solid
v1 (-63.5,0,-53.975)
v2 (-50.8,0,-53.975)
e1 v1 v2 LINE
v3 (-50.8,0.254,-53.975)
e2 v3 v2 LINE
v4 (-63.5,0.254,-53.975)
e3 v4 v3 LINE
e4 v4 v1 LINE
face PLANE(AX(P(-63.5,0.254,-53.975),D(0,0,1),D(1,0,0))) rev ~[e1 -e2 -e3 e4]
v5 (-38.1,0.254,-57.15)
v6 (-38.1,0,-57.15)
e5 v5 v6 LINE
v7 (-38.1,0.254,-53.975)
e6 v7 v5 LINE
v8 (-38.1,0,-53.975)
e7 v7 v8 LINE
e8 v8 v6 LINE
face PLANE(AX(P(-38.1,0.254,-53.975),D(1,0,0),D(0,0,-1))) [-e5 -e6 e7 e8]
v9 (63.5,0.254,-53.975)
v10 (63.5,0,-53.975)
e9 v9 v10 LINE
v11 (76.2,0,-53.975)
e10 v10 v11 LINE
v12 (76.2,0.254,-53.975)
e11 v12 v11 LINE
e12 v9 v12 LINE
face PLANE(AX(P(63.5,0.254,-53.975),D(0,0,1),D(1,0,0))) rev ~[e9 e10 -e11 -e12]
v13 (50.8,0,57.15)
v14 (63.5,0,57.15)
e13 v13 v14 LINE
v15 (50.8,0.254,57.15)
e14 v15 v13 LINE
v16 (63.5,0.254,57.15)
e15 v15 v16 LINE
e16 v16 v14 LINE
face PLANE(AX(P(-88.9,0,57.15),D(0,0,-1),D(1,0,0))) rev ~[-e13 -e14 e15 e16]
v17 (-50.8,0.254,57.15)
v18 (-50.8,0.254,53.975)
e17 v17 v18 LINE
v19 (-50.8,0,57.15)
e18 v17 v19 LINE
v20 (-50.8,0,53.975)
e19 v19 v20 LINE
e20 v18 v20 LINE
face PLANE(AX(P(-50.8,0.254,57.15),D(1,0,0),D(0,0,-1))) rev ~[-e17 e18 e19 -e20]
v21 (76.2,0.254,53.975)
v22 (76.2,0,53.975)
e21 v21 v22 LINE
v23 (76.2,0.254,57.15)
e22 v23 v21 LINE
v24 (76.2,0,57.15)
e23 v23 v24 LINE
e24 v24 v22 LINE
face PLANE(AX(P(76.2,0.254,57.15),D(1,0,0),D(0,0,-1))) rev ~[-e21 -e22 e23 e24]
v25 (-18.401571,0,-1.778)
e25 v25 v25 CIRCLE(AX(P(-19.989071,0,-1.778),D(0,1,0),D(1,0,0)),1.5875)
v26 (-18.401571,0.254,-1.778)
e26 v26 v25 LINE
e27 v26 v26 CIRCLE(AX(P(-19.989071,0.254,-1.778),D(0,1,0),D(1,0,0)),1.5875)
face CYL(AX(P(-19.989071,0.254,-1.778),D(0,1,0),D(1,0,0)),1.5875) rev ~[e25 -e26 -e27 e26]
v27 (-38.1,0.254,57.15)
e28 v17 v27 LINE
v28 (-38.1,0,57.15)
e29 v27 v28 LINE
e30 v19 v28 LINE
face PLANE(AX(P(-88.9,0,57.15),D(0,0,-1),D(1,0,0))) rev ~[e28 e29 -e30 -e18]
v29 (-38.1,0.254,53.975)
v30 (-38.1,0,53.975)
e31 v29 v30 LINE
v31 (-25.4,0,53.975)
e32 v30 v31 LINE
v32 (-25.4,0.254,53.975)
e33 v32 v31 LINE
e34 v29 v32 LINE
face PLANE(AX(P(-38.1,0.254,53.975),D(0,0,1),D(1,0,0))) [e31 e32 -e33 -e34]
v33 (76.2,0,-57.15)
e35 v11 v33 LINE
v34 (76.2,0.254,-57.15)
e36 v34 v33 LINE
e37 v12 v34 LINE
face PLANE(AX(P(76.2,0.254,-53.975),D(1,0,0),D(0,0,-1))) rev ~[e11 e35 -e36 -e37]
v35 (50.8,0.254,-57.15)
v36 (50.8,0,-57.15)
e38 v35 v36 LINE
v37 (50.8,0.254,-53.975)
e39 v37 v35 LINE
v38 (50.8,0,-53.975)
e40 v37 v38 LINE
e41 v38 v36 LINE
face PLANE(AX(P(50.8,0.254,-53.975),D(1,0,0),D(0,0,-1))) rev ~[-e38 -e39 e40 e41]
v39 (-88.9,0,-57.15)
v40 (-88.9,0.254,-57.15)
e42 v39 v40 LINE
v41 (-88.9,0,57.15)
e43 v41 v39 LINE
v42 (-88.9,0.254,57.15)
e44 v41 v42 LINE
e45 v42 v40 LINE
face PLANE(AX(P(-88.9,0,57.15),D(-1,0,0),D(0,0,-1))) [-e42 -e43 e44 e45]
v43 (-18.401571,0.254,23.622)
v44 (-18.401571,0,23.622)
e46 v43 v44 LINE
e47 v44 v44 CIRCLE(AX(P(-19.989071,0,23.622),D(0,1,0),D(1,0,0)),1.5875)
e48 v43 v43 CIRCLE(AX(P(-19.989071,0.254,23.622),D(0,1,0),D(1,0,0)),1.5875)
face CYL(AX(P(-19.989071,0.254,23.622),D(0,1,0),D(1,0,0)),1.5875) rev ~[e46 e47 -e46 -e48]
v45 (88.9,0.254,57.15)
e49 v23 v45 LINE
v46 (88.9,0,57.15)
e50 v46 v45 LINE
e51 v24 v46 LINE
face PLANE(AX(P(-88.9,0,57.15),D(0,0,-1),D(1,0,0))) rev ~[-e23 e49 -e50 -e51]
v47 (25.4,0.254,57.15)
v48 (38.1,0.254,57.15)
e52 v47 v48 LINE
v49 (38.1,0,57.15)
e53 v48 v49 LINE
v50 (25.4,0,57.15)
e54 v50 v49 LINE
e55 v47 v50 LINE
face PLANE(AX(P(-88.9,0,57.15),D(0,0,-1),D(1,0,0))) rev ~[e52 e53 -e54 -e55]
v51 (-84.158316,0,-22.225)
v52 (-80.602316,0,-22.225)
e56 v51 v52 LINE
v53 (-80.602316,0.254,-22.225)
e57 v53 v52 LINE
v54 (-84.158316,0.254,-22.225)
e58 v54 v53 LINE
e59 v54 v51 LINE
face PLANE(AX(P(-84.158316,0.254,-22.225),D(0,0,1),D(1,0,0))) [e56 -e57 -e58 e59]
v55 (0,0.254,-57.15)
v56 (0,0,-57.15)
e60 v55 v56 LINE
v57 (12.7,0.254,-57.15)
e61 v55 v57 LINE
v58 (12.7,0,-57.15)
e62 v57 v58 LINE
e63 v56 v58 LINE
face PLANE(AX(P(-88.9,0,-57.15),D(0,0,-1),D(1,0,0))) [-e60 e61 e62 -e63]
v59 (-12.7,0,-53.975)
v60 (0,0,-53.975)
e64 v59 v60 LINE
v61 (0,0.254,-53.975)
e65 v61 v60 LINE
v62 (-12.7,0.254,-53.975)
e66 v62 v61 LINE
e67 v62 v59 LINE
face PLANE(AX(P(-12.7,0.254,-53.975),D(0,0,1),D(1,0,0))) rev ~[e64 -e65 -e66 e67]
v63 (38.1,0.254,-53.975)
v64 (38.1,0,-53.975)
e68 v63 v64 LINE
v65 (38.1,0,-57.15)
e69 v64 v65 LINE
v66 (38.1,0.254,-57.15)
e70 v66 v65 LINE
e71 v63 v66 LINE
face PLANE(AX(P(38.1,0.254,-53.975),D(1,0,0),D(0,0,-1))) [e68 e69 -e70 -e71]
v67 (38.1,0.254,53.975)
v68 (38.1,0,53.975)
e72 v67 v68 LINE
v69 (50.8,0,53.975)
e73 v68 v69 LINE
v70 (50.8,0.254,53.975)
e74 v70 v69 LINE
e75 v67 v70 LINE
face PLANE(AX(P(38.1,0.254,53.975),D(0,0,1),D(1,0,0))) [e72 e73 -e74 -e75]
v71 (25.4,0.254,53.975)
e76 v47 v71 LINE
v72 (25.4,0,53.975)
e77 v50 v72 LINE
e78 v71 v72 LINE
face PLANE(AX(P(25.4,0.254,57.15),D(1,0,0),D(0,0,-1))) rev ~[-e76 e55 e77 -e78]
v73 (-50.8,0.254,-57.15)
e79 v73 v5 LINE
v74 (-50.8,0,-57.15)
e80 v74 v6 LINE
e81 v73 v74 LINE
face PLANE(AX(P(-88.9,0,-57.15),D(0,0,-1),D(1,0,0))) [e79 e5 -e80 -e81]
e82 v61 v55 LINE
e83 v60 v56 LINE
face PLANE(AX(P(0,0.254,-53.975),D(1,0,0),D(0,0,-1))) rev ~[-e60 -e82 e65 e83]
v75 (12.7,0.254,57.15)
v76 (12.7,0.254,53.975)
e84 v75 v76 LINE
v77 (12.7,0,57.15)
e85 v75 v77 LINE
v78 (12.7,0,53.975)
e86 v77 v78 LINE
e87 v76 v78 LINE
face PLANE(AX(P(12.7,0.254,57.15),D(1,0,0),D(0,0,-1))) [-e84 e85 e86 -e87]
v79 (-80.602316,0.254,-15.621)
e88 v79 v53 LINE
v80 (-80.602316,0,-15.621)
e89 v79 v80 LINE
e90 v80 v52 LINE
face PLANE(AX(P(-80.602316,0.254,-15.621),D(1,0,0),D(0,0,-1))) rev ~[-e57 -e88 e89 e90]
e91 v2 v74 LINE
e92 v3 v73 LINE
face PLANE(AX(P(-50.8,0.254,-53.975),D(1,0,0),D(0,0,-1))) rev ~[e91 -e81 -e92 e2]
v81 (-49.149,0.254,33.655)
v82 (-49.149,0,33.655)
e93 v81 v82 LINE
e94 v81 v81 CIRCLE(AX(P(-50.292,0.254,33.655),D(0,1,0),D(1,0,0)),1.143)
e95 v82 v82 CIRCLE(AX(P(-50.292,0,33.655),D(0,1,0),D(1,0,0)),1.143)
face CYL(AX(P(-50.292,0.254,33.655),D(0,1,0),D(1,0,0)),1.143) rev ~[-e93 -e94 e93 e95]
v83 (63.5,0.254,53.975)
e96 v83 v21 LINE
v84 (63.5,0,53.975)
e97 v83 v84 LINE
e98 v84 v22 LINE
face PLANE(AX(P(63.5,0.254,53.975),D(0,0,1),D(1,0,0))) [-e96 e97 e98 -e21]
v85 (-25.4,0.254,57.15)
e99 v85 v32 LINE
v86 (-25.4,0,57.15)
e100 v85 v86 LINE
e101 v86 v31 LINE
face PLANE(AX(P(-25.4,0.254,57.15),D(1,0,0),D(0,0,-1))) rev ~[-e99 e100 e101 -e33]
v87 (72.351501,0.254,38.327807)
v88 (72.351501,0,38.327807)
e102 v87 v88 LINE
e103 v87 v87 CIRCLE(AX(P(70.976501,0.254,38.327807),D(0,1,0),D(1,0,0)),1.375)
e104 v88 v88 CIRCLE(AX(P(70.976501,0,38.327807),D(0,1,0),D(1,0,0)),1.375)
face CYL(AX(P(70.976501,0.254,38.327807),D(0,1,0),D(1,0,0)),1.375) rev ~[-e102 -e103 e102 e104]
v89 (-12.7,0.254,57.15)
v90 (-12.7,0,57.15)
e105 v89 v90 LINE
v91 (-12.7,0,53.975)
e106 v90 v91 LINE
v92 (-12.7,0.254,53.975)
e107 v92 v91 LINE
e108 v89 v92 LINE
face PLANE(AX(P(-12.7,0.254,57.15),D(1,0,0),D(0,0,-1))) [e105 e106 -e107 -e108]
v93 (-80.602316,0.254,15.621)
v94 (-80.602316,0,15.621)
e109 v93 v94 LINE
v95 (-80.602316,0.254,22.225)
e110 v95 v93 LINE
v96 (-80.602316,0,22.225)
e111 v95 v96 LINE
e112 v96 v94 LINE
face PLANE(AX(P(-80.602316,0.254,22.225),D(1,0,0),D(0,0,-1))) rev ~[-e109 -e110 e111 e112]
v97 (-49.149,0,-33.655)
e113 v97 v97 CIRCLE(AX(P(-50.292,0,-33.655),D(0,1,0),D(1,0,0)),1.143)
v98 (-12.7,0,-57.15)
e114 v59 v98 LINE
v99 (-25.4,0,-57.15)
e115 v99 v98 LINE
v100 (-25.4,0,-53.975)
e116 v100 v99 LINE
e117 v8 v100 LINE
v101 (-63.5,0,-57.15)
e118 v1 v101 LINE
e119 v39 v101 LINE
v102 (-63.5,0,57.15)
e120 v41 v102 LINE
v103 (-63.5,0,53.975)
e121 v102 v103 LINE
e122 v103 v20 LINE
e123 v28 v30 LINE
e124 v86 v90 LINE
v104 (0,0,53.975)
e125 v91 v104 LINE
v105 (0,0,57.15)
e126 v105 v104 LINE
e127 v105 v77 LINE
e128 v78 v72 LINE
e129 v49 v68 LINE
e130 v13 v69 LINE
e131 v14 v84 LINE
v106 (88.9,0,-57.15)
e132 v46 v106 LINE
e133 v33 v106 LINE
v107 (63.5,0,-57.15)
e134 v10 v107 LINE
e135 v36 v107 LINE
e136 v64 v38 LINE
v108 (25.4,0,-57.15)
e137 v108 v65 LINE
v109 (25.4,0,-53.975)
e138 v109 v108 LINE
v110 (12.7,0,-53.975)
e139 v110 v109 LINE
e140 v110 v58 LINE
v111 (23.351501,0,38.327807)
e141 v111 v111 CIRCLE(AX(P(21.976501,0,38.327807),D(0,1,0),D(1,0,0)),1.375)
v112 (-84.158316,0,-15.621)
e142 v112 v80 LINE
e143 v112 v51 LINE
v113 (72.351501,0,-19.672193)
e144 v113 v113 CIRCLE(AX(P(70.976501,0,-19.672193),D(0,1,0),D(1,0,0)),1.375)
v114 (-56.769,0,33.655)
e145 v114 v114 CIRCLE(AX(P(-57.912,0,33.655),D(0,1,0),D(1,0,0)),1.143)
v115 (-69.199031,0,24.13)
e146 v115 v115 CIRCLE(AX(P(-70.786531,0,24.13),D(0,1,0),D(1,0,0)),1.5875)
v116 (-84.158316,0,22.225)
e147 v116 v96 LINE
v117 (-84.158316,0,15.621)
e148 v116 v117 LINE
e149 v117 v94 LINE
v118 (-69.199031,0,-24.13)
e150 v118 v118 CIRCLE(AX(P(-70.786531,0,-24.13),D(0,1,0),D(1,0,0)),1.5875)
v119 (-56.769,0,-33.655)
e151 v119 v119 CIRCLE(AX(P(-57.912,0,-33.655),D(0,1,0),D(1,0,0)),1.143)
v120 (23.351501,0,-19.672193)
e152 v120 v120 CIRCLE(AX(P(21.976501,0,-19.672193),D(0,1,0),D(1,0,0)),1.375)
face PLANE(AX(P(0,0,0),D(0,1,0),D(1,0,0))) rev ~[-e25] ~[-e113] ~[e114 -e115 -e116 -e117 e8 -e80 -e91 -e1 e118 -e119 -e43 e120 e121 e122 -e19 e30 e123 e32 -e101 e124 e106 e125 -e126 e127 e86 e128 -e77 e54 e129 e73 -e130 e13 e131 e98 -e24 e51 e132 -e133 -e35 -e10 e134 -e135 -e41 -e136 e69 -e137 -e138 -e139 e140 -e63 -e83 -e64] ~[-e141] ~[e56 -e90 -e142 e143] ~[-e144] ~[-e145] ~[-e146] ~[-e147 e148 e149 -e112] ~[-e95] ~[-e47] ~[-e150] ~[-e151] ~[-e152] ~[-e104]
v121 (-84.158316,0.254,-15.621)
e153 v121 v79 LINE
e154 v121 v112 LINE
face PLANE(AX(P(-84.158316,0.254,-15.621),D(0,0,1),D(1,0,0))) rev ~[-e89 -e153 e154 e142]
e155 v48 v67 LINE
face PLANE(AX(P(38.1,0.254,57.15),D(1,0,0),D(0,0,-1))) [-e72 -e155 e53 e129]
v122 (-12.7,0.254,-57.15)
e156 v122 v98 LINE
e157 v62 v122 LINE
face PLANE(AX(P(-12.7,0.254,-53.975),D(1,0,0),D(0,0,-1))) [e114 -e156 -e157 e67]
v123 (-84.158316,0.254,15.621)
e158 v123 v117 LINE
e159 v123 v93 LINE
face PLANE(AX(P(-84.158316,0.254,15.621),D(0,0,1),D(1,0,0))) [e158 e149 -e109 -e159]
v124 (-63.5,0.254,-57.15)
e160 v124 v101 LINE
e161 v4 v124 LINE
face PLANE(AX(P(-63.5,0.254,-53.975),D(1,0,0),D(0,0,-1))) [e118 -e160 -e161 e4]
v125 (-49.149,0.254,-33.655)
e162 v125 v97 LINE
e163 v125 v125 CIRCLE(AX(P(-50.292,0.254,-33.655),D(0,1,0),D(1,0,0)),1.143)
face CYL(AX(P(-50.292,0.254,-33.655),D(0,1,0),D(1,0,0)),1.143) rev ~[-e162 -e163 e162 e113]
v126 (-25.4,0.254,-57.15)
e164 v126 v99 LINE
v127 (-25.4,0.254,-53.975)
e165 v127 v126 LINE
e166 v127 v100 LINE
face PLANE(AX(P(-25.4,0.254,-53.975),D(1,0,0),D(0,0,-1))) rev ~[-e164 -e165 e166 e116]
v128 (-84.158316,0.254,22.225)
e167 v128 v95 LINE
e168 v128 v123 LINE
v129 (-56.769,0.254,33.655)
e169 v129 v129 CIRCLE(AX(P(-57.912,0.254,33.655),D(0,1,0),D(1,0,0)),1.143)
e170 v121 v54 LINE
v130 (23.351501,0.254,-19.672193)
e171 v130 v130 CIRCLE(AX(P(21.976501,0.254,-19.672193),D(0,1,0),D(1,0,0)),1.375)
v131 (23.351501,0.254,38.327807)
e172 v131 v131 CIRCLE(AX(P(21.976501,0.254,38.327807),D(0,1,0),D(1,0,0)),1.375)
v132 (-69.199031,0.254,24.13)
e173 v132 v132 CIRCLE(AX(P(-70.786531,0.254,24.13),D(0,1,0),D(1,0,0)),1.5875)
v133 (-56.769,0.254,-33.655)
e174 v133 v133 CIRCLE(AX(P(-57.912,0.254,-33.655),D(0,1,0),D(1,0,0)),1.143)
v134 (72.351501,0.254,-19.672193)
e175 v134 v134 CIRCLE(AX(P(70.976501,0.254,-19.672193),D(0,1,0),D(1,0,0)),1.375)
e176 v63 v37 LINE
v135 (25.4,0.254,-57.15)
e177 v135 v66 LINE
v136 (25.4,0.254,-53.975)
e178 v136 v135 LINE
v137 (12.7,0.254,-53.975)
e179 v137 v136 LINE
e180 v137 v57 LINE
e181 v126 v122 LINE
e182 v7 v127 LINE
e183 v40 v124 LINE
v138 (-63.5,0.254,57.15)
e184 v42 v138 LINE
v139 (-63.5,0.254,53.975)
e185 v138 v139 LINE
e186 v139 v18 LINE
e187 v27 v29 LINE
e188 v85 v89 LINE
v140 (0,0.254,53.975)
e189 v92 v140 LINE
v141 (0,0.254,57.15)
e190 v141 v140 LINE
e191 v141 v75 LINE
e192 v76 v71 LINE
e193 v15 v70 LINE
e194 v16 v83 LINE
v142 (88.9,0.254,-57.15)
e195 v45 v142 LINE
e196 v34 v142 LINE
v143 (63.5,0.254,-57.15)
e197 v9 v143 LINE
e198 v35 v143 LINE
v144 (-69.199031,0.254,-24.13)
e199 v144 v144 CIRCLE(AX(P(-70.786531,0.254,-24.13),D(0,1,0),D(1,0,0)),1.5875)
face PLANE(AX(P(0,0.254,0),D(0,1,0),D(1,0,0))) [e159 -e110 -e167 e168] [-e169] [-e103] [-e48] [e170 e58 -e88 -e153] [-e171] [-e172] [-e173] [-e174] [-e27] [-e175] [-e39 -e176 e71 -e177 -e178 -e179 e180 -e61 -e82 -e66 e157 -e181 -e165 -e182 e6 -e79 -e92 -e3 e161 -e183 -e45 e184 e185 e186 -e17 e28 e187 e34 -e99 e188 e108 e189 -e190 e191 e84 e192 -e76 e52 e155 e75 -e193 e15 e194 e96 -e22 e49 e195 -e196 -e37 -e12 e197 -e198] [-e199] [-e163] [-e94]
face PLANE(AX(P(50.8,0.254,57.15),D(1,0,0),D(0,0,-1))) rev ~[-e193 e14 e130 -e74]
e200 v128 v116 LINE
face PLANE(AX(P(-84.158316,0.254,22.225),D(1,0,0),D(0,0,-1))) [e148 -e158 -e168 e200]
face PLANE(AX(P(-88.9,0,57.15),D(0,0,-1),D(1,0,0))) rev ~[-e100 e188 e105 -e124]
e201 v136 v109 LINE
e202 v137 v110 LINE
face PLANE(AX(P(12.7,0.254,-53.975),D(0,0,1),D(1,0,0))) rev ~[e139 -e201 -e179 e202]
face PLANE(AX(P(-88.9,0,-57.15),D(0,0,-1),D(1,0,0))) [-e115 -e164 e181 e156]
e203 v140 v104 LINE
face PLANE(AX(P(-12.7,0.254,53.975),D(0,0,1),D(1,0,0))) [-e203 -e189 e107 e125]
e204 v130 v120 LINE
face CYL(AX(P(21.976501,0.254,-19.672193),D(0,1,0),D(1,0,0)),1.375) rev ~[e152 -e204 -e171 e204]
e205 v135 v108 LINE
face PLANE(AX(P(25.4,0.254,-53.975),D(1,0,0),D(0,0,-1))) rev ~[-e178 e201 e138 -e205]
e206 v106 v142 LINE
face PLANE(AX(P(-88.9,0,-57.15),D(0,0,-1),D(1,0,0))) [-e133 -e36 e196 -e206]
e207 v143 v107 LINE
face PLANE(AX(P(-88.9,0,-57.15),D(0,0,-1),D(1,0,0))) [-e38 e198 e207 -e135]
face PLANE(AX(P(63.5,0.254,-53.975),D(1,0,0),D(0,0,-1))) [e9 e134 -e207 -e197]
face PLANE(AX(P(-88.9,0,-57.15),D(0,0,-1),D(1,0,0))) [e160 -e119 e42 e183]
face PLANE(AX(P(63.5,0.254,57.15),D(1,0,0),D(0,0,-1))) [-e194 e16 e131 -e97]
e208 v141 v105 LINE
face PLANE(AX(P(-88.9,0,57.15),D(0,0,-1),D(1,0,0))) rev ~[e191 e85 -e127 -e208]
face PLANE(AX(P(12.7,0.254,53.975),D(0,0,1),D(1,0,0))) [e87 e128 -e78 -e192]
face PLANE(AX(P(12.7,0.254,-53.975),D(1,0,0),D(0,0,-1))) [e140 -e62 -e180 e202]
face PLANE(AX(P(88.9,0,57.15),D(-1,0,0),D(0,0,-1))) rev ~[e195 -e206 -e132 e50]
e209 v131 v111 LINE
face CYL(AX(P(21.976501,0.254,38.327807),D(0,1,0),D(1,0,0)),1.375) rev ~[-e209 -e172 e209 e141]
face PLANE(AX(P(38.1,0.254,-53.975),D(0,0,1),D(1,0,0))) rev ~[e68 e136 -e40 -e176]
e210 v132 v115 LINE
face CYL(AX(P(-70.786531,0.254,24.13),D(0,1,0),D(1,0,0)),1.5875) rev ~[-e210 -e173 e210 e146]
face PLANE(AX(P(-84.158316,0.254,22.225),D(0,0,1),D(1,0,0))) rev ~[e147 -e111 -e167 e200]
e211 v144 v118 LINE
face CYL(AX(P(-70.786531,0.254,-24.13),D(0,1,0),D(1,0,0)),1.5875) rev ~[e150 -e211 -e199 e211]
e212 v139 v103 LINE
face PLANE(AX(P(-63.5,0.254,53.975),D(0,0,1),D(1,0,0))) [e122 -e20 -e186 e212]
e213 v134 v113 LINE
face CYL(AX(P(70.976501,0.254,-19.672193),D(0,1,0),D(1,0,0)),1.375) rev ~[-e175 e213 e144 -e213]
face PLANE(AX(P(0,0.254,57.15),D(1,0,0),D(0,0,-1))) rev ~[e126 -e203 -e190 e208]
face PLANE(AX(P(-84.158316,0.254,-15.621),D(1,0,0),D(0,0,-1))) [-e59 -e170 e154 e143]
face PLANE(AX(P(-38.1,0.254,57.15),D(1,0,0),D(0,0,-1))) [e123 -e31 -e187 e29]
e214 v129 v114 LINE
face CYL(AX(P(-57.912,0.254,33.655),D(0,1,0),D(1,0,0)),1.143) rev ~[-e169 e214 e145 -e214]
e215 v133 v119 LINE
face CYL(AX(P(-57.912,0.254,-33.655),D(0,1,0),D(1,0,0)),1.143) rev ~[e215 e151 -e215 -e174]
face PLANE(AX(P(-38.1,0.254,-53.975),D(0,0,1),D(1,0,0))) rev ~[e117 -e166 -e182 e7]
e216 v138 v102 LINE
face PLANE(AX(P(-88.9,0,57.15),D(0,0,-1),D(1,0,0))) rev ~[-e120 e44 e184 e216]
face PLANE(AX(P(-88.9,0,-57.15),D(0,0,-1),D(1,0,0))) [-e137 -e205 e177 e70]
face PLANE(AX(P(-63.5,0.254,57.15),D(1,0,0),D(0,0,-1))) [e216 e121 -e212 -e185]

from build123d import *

# Parameters (mm, degrees)
SKETCH1_W           = 177.8
SKETCH1_H           = 114.3
BOSS_EXTRUDE1_DEPTH = 0.254
SKETCH2_R           = 1.143
SKETCH2_W           = 12.7
SKETCH2_H           = 3.175
CUT_EXTRUDE1_DEPTH  = 1.254
SKETCH3_R           = 1.375
SKETCH3_R_2         = 1.5875
SKETCH3_W           = 3.556
SKETCH3_H           = 6.604
CUT_EXTRUDE2_DEPTH  = 1.254


with BuildPart() as part:
    # Sketch1 → Boss-Extrude1 (new body)
    with BuildSketch(Plane(origin=(0, 0, 0), x_dir=(1, 0, 0), z_dir=(0, 1, 0))):
        Rectangle(SKETCH1_W, SKETCH1_H)
    extrude(amount=BOSS_EXTRUDE1_DEPTH)

    # Sketch2 → Cut-Extrude1 (cut, through all)
    with BuildSketch(Plane(origin=(0, 0.254, 0), x_dir=(1, 0, 0), z_dir=(0, 1, 0))):
        with Locations((-57.912, -33.655)):
            Circle(SKETCH2_R)
        with Locations((-50.292, -33.655)):
            Circle(SKETCH2_R)
        with Locations((-50.292, 33.655)):
            Circle(SKETCH2_R)
        with Locations((-57.912, 33.655)):
            Circle(SKETCH2_R)
        with Locations((69.85, -55.5625)):
            Rectangle(SKETCH2_W, SKETCH2_H)
        with Locations((44.45, -55.5625)):
            Rectangle(SKETCH2_W, SKETCH2_H)
        with Locations((19.05, -55.5625)):
            Rectangle(SKETCH2_W, SKETCH2_H)
        with Locations((-6.35, -55.5625)):
            Rectangle(SKETCH2_W, SKETCH2_H)
        with Locations((-31.75, -55.5625)):
            Rectangle(SKETCH2_W, SKETCH2_H)
        with Locations((-57.15, -55.5625)):
            Rectangle(SKETCH2_W, SKETCH2_H)
        with Locations((69.85, 55.5625)):
            Rectangle(SKETCH2_W, SKETCH2_H)
        with Locations((44.45, 55.5625)):
            Rectangle(SKETCH2_W, SKETCH2_H)
        with Locations((19.05, 55.5625)):
            Rectangle(SKETCH2_W, SKETCH2_H)
        with Locations((-6.35, 55.5625)):
            Rectangle(SKETCH2_W, SKETCH2_H)
        with Locations((-31.75, 55.5625)):
            Rectangle(SKETCH2_W, SKETCH2_H)
        with Locations((-57.15, 55.5625)):
            Rectangle(SKETCH2_W, SKETCH2_H)
    extrude(amount=-CUT_EXTRUDE1_DEPTH, mode=Mode.SUBTRACT)

    # Sketch3 → Cut-Extrude2 (cut, through all)
    with BuildSketch(Plane(origin=(0, 0.254, 0), x_dir=(1, 0, 0), z_dir=(0, 1, 0))):
        with Locations((70.976500958, -38.327807122)):
            Circle(SKETCH3_R)
        with Locations((21.976500958, -38.327807122)):
            Circle(SKETCH3_R)
        with Locations((21.976500958, 19.672192878)):
            Circle(SKETCH3_R)
        with Locations((70.976500958, 19.672192878)):
            Circle(SKETCH3_R)
        with Locations((-70.786531145, -24.13)):
            Circle(SKETCH3_R_2)
        with Locations((-70.786531145, 24.13)):
            Circle(SKETCH3_R_2)
        with Locations((-19.989071209, -23.622)):
            Circle(SKETCH3_R_2)
        with Locations((-19.989071209, 1.778)):
            Circle(SKETCH3_R_2)
        with Locations((-82.380316409, 18.923)):
            Rectangle(SKETCH3_W, SKETCH3_H)
        with Locations((-82.380316409, -18.923)):
            Rectangle(SKETCH3_W, SKETCH3_H)
    extrude(amount=-CUT_EXTRUDE2_DEPTH, mode=Mode.SUBTRACT)


solid = part.part
